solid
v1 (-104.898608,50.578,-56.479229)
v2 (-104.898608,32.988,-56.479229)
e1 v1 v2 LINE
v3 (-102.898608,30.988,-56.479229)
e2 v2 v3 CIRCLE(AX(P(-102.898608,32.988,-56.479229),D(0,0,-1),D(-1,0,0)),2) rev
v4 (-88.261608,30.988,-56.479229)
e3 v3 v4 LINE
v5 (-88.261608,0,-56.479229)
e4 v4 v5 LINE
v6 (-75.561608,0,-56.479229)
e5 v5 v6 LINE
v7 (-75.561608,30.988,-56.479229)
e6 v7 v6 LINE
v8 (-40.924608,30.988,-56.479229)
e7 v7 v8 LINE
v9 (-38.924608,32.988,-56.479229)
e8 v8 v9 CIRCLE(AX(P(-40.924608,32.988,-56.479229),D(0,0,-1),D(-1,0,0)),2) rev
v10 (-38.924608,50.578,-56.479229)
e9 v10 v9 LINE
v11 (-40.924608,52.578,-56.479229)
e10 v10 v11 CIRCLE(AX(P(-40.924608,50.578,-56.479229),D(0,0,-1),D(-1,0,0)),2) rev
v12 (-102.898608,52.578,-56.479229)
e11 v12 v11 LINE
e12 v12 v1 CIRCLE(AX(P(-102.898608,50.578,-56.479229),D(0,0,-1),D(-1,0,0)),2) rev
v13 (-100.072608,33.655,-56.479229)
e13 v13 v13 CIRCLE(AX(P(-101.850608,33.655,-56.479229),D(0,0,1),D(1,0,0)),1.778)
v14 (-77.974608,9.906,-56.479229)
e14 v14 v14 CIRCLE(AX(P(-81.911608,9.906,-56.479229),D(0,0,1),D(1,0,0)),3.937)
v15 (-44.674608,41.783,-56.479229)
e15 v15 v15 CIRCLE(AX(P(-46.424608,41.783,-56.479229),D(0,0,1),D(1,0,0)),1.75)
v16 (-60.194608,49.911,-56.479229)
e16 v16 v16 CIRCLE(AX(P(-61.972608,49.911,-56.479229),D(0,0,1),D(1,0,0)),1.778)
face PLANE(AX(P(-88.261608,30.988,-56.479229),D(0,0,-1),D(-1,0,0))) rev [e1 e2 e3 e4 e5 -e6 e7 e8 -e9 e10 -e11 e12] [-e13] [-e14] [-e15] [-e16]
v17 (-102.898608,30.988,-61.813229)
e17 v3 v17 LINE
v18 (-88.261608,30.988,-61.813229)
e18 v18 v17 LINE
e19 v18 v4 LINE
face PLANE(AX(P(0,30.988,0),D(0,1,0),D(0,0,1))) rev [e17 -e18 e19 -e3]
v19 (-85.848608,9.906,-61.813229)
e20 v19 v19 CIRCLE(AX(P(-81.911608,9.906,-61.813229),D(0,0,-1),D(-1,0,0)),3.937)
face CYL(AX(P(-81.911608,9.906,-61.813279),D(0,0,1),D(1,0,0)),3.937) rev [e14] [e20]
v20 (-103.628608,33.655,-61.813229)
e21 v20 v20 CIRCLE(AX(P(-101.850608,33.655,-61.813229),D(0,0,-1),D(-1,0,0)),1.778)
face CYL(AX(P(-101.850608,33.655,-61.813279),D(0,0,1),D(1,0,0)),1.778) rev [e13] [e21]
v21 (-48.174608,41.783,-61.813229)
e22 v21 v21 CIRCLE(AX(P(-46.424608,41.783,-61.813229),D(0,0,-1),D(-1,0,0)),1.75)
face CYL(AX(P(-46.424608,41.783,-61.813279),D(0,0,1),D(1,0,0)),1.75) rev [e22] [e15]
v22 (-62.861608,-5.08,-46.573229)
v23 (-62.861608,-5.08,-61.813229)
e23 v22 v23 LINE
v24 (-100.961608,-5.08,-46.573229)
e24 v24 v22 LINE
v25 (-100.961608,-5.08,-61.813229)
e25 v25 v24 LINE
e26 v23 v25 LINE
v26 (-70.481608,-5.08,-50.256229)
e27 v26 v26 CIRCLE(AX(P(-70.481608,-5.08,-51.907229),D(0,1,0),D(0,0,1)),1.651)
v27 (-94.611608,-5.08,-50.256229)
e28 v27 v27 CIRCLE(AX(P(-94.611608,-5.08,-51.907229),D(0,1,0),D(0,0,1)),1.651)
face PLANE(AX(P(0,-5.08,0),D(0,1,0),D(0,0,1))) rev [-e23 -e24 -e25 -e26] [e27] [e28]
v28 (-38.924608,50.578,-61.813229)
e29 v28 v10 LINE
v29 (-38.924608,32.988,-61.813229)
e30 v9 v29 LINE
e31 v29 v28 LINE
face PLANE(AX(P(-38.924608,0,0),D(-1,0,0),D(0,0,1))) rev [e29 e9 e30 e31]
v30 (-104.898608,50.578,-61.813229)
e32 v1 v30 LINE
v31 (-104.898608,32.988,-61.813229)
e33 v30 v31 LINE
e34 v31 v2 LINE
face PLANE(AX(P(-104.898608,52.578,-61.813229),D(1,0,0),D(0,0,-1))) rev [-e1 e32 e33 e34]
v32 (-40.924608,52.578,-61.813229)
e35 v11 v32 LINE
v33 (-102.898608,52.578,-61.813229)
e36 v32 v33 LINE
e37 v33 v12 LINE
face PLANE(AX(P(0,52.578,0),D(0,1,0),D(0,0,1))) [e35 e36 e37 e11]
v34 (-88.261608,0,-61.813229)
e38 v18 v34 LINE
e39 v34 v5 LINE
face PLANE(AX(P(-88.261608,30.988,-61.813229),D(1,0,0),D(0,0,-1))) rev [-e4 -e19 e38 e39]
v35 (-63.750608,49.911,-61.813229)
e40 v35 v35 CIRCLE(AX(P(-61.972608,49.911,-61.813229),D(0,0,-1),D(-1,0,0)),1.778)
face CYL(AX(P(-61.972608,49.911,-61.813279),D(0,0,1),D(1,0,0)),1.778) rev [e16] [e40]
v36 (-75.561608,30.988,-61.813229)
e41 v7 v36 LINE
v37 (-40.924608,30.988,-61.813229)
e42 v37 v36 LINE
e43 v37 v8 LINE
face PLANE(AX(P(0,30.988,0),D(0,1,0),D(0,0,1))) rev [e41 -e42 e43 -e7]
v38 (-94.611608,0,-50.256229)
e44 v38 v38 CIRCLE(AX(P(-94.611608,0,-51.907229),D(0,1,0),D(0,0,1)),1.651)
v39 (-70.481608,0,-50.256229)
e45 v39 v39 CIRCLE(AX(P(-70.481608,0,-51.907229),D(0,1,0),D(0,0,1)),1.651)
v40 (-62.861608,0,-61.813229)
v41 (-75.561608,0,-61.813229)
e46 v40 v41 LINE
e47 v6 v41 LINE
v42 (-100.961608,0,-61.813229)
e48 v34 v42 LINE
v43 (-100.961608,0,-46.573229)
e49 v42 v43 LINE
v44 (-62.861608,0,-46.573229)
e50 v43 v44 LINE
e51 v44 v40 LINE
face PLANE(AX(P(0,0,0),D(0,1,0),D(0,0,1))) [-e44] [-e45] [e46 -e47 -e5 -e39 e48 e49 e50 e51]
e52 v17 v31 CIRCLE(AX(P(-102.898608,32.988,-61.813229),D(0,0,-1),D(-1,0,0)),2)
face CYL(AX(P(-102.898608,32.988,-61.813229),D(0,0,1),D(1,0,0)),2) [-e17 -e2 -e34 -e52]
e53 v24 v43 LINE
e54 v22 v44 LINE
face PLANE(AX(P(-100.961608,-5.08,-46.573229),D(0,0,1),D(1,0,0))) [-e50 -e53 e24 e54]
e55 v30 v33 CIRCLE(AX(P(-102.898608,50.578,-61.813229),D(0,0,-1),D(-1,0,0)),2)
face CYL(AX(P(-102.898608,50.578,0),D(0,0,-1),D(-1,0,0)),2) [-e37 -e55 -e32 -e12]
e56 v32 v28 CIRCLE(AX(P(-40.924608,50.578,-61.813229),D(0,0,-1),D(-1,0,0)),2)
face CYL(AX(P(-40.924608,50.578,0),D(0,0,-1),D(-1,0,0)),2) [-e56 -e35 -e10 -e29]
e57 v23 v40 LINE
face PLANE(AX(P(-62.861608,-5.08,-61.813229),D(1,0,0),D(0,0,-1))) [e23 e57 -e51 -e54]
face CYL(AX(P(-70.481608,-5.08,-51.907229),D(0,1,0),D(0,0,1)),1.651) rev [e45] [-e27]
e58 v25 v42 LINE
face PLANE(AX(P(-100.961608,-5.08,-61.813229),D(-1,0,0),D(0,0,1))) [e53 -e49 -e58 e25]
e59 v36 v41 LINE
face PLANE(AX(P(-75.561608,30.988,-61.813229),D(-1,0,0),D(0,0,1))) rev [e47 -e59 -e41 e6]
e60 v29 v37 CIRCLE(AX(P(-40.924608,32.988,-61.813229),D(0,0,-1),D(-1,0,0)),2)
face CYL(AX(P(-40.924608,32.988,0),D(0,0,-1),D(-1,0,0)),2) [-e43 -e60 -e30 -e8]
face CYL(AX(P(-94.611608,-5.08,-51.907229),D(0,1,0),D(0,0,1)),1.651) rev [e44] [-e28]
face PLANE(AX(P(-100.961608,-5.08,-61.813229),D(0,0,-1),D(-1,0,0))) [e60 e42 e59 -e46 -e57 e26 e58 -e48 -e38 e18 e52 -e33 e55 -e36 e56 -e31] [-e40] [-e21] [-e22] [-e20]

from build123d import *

# Parameters (mm, degrees)
SKETCH1_W           = 38.1
SKETCH1_H           = 15.24
BOSS_EXTRUDE1_DEPTH = 5.08
SKETCH2_R           = 1.651
CUT_EXTRUDE1_DEPTH  = 119.490202326
SKETCH3_W           = 12.7
SKETCH3_H           = 5.334
BOSS_EXTRUDE2_DEPTH = 30.988
SKETCH6_W           = 45.974
SKETCH6_H           = 5.334
BOSS_EXTRUDE3_DEPTH = 21.59
SKETCH7_R           = 1.778
CUT_EXTRUDE4_DEPTH  = 118.755224526
SKETCH8_R           = 3.937
CUT_EXTRUDE5_DEPTH  = 118.755224526
SKETCH9_W           = 5.334
SKETCH9_H           = 21.59
BOSS_EXTRUDE4_DEPTH = 20
SKETCH10_R          = 1.75
CUT_EXTRUDE6_DEPTH  = 118.755224526
FILLET1_R           = 2
FILLET2_R           = 2


with BuildPart() as part:
    # Sketch1 → Boss-Extrude1 (new body)
    with BuildSketch(Plane(origin=(0, 0, 0), x_dir=(1, 0, 0), z_dir=(0, 1, 0))):
        with Locations((-81.911608108, 54.193229454)):
            Rectangle(SKETCH1_W, SKETCH1_H)
    extrude(amount=-BOSS_EXTRUDE1_DEPTH)

    # Sketch2 → Cut-Extrude1 (cut, through all)
    with BuildSketch(Plane(origin=(0, 0, 0), x_dir=(1, 0, 0), z_dir=(0, 1, 0))):
        with Locations(Location((-94.611608108, 51.907229454, 0), (0, 0, 270))):
            Circle(SKETCH2_R)
        with Locations(Location((-70.481608108, 51.907229454, 0), (0, 0, 270))):
            Circle(SKETCH2_R)
    extrude(amount=-CUT_EXTRUDE1_DEPTH, mode=Mode.SUBTRACT)

    # Sketch3 → Boss-Extrude2 (add)
    with BuildSketch(Plane(origin=(0, 0, 0), x_dir=(1, 0, 0), z_dir=(0, 1, 0))):
        with Locations((-81.911608108, 59.146229454)):
            Rectangle(SKETCH3_W, SKETCH3_H)
    extrude(amount=BOSS_EXTRUDE2_DEPTH)

    # Sketch6 → Boss-Extrude3 (add)
    with BuildSketch(Plane(origin=(0, 30.988, 0), x_dir=(1, 0, 0), z_dir=(0, 1, 0))):
        with Locations((-81.911608108, 59.146229454)):
            Rectangle(SKETCH6_W, SKETCH6_H)
    extrude(amount=BOSS_EXTRUDE3_DEPTH)

    # Sketch7 → Cut-Extrude4 (cut, through all)
    with BuildSketch(Plane.XY.offset(-56.479229454)):
        with Locations((-101.850608108, 33.655)):
            Circle(SKETCH7_R)
        with Locations((-61.972608108, 49.911)):
            Circle(SKETCH7_R)
    extrude(amount=-CUT_EXTRUDE4_DEPTH, mode=Mode.SUBTRACT)

    # Sketch8 → Cut-Extrude5 (cut, through all)
    with BuildSketch(Plane.XY.offset(-56.479229454)):
        with Locations((-81.911608108, 9.906)):
            Circle(SKETCH8_R)
    extrude(amount=-CUT_EXTRUDE5_DEPTH, mode=Mode.SUBTRACT)

    # Sketch9 → Boss-Extrude4 (add)
    with BuildSketch(Plane(origin=(-58.924608108, 0, 0), x_dir=(0, 0, -1), z_dir=(1, 0, 0))):
        with Locations((59.146229454, 41.783)):
            Rectangle(SKETCH9_W, SKETCH9_H)
    extrude(amount=BOSS_EXTRUDE4_DEPTH)

    # Sketch10 → Cut-Extrude6 (cut, through all)
    with BuildSketch(Plane.XY.offset(-56.479229454)):
        with Locations((-46.424608108, 41.783)):
            Circle(SKETCH10_R)
    extrude(amount=-CUT_EXTRUDE6_DEPTH, mode=Mode.SUBTRACT)

    # Fillet1
    fillet1_edges = [part.edges().sort_by_distance(p)[0] for p in [
        (-38.924608108, 30.988, -59.146229454),
        (-38.924608108, 52.578, -59.146229454),
    ]]
    fillet(fillet1_edges, radius=FILLET1_R)

    # Fillet2
    fillet2_edges = [part.edges().sort_by_distance(p)[0] for p in [
        (-104.898608108, 30.988, -59.146229454),
        (-104.898608108, 52.578, -59.146229454),
    ]]
    fillet(fillet2_edges, radius=FILLET2_R)


solid = part.part
